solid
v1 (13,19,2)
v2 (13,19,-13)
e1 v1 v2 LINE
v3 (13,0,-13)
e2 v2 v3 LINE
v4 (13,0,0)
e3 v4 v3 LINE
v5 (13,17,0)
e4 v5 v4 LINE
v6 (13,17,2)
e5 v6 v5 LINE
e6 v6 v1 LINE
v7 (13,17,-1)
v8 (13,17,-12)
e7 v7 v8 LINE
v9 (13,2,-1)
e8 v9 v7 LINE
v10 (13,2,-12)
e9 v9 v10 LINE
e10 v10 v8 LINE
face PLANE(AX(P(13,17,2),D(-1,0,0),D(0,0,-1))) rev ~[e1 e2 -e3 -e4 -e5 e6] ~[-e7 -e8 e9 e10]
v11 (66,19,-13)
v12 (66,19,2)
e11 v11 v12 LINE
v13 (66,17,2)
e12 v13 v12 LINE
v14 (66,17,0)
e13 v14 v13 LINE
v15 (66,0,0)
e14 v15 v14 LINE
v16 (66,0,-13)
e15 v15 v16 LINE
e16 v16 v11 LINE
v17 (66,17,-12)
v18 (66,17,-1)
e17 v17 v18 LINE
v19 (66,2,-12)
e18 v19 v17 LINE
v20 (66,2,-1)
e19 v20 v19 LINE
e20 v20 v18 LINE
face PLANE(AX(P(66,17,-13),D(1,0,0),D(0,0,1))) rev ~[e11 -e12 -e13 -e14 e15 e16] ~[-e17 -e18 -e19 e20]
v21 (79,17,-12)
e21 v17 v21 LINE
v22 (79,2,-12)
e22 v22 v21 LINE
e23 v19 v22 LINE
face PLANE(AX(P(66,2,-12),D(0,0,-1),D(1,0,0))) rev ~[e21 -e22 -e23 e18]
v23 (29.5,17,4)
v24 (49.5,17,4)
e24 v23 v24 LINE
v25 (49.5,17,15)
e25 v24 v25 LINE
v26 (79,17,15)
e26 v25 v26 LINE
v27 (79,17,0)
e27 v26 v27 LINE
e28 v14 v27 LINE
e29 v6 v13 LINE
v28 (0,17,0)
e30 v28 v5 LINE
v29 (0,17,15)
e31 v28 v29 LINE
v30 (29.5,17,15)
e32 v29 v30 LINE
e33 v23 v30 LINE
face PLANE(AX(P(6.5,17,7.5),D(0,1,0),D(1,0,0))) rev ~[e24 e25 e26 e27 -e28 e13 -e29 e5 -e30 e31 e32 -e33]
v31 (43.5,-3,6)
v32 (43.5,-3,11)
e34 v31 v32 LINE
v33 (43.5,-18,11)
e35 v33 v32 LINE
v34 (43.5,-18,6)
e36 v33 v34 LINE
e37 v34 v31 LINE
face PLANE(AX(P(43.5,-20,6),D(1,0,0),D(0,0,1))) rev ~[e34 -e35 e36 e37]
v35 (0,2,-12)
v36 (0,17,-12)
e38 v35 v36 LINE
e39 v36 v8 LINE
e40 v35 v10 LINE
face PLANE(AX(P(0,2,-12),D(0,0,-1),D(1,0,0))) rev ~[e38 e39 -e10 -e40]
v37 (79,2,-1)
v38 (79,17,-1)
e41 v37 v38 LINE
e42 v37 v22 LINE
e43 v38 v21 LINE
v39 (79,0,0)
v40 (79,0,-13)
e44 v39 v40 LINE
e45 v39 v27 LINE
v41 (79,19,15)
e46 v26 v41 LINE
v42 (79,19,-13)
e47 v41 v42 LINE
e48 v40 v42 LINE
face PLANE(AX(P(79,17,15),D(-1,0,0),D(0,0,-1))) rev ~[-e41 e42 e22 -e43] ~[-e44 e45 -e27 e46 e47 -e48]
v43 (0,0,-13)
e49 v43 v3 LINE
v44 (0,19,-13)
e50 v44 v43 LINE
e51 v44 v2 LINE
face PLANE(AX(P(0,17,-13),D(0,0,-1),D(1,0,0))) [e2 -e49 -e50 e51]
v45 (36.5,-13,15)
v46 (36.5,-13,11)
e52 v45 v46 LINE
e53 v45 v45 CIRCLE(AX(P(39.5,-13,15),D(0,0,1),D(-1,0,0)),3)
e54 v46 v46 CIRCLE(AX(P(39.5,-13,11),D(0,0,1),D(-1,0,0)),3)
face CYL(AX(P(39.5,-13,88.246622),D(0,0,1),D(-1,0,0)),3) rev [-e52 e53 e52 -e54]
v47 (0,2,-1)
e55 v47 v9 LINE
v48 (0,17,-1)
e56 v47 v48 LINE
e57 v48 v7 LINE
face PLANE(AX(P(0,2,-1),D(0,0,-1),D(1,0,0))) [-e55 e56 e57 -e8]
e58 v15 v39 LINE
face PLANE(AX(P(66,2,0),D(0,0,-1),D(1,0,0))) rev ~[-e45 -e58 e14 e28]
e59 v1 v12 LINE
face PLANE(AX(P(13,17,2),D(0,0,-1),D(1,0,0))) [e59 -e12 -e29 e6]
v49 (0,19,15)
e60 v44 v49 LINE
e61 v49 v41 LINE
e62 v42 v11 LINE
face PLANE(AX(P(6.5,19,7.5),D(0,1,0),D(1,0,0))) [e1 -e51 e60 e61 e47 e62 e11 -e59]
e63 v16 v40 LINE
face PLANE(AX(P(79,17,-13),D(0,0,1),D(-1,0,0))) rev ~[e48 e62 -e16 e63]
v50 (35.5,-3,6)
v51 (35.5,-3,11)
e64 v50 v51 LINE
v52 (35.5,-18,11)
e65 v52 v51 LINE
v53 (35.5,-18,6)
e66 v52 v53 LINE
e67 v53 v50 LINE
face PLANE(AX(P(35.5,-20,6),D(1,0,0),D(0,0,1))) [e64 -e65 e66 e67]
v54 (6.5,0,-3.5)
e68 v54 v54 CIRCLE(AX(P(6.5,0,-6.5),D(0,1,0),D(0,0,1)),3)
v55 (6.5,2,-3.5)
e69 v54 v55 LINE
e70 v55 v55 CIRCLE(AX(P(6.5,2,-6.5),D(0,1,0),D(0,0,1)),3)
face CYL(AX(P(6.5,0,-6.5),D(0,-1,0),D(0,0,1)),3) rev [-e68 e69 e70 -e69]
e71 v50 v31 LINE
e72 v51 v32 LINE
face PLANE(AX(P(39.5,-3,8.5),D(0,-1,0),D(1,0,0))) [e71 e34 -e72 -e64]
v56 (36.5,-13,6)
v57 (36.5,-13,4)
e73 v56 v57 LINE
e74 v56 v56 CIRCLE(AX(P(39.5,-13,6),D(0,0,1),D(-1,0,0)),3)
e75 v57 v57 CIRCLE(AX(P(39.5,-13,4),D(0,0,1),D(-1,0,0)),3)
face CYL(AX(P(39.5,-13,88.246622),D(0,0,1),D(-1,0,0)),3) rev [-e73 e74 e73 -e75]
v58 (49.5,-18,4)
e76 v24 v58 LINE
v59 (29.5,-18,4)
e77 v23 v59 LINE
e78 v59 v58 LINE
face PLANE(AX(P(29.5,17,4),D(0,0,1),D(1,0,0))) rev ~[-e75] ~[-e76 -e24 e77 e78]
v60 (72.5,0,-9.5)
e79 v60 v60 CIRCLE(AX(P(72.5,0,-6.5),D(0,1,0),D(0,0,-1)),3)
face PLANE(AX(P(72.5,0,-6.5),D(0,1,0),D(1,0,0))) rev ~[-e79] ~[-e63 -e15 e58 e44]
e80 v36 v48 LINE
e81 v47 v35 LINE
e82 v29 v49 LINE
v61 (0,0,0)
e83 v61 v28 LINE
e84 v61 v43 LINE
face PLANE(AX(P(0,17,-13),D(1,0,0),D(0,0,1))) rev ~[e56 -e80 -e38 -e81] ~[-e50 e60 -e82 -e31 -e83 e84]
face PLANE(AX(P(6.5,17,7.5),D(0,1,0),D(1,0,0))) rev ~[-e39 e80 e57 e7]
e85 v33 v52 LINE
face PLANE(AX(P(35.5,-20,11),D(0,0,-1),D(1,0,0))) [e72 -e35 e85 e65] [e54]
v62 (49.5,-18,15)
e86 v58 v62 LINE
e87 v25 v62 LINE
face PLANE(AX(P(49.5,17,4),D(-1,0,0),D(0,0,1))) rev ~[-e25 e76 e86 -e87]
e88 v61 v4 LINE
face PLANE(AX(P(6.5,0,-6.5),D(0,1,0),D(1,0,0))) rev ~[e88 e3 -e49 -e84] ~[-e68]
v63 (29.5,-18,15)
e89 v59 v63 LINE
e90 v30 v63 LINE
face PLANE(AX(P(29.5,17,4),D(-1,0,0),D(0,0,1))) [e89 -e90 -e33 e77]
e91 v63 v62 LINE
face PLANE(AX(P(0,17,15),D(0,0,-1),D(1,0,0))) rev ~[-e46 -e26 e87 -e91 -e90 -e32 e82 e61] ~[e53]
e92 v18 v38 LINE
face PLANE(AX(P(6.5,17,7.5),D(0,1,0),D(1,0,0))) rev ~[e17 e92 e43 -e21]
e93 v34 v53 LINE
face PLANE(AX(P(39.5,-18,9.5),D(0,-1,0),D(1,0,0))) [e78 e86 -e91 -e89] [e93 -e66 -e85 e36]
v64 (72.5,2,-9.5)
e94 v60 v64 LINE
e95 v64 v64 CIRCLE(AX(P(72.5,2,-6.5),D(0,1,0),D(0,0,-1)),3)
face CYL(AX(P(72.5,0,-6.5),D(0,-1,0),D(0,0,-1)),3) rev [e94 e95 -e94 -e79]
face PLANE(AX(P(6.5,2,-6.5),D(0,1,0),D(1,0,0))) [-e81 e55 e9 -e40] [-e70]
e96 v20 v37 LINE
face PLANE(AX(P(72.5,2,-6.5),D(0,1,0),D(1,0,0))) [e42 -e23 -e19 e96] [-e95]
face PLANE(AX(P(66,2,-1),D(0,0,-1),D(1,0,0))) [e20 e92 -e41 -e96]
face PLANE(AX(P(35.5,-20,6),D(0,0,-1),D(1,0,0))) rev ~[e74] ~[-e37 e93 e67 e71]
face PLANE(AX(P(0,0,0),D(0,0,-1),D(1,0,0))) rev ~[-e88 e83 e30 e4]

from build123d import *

# Parameters (mm, degrees)
SKETCH_2_W               = 13
SKETCH_2_H               = 13
SKETCH_2_R               = 3
EXTRUDE_1_DEPTH          = 2
EXTRUDE_1_2_DEPTH        = 2
SKETCH_3_W               = 13
SKETCH_3_H               = 1
EXTRUDE_2_DEPTH          = 15
SKETCH_4_W               = 13
SKETCH_4_H               = 12
SKETCH_4_H_2             = 1
SKETCH_4_W_2             = 53
SKETCH_4_H_3             = 13
EXTRUDE_3_DEPTH          = 2
SKETCH_5_W               = 20
SKETCH_5_H               = 11
EXTRUDE_4_DEPTH          = 37
CUT_EXTRUDE_1_DEPTH      = 84.246621553
CUT_EXTRUDE_1_DEPTH_BACK = 84.246621553
SKETCH_6_R               = 3
SKETCH_7_W               = 8
SKETCH_7_H               = 5
CUT_EXTRUDE_2_DEPTH      = 17
SKETCH_8_W               = 20
SKETCH_8_H               = 11
CUT_EXTRUDE_3_DEPTH      = 2


with BuildPart() as part:
    # ｽｹｯﾁ2 → ﾎﾞｽ - 押し出し1 (new body)
    with BuildSketch(Plane(origin=(0, 0, 0), x_dir=(1, 0, 0), z_dir=(0, 1, 0))):
        with Locations((6.5, 6.5)):
            Rectangle(SKETCH_2_W, SKETCH_2_H)
        with Locations(Location((6.5, 6.5, 0), (0, 0, 270))):
            Circle(SKETCH_2_R, mode=Mode.SUBTRACT)
    extrude(amount=EXTRUDE_1_DEPTH)



with BuildPart() as body_2:
    # ｽｹｯﾁ2 → Extrude 1 2 (new body)
    with BuildSketch(Plane(origin=(0, 0, 0), x_dir=(1, 0, 0), z_dir=(0, 1, 0))):
        with Locations((72.5, 6.5)):
            Rectangle(SKETCH_2_W, SKETCH_2_H)
        with Locations(Location((72.5, 6.5, 0), (0, 0, 90))):
            Circle(SKETCH_2_R, mode=Mode.SUBTRACT)
    extrude(amount=EXTRUDE_1_2_DEPTH)


with BuildPart() as part_1:
    add(part.part)

    add(body_2.part)  # ﾎﾞｽ - 押し出し2 merges body 2
    # ｽｹｯﾁ3 → ﾎﾞｽ - 押し出し2 (add)
    with BuildSketch(Plane(origin=(0, 2, 0), x_dir=(1, 0, 0), z_dir=(0, 1, 0))):
        with Locations((6.5, 12.5)):
            Rectangle(SKETCH_3_W, SKETCH_3_H)
        with Locations((6.5, 0.5)):
            Rectangle(SKETCH_3_W, SKETCH_3_H)
        with Locations((72.5, 0.5)):
            Rectangle(SKETCH_3_W, SKETCH_3_H)
        with Locations((72.5, 12.5)):
            Rectangle(SKETCH_3_W, SKETCH_3_H)
    extrude(amount=EXTRUDE_2_DEPTH)

    # ｽｹｯﾁ4 → ﾎﾞｽ - 押し出し3 (add)
    with BuildSketch(Plane(origin=(0, 17, 0), x_dir=(1, 0, 0), z_dir=(0, 1, 0))):
        Polygon((13, 0), (0, 0), (0, -15), (13, -15), (13, -2), align=None)
        with Locations((6.5, 7)):
            Rectangle(SKETCH_4_W, SKETCH_4_H)
        with Locations((6.5, 0.5)):
            Rectangle(SKETCH_4_W, SKETCH_4_H_2)
        with Locations((39.5, -8.5)):
            Rectangle(SKETCH_4_W_2, SKETCH_4_H_3)
        Polygon((66, -2), (66, -15), (79, -15), (79, 0), (79, 13), (66, 13), (66, 12), (66, 1), (66, 0), align=None)
    extrude(amount=EXTRUDE_3_DEPTH)

    # ｽｹｯﾁ5 → ﾎﾞｽ - 押し出し4 (add)
    with BuildSketch(Plane.XZ.offset(-17)):
        with Locations((39.5, 9.5)):
            Rectangle(SKETCH_5_W, SKETCH_5_H)
    extrude(amount=EXTRUDE_4_DEPTH)

    # ｽｹｯﾁ6 → ｶｯﾄ - 押し出し1 (cut, two sides: drawn at the far end of the back side and taken through both)
    with BuildSketch(Plane(origin=(0, 0, 4), x_dir=(-1, 0, 0), z_dir=(0, 0, -1)).offset(-CUT_EXTRUDE_1_DEPTH_BACK)):
        with Locations((-39.5, -13)):
            Circle(SKETCH_6_R)
    extrude(amount=CUT_EXTRUDE_1_DEPTH + CUT_EXTRUDE_1_DEPTH_BACK, mode=Mode.SUBTRACT)

    # ｽｹｯﾁ7 → ｶｯﾄ - 押し出し2 (cut)
    with BuildSketch(Plane.XZ.offset(20)):
        with Locations((39.5, 8.5)):
            Rectangle(SKETCH_7_W, SKETCH_7_H)
    extrude(amount=-CUT_EXTRUDE_2_DEPTH, mode=Mode.SUBTRACT)

    # ｽｹｯﾁ8 → ｶｯﾄ - 押し出し3 (cut)
    with BuildSketch(Plane.XZ.offset(20)):
        with Locations((39.5, 9.5)):
            Rectangle(SKETCH_8_W, SKETCH_8_H)
    extrude(amount=-CUT_EXTRUDE_3_DEPTH, mode=Mode.SUBTRACT)


solid = part_1.part
